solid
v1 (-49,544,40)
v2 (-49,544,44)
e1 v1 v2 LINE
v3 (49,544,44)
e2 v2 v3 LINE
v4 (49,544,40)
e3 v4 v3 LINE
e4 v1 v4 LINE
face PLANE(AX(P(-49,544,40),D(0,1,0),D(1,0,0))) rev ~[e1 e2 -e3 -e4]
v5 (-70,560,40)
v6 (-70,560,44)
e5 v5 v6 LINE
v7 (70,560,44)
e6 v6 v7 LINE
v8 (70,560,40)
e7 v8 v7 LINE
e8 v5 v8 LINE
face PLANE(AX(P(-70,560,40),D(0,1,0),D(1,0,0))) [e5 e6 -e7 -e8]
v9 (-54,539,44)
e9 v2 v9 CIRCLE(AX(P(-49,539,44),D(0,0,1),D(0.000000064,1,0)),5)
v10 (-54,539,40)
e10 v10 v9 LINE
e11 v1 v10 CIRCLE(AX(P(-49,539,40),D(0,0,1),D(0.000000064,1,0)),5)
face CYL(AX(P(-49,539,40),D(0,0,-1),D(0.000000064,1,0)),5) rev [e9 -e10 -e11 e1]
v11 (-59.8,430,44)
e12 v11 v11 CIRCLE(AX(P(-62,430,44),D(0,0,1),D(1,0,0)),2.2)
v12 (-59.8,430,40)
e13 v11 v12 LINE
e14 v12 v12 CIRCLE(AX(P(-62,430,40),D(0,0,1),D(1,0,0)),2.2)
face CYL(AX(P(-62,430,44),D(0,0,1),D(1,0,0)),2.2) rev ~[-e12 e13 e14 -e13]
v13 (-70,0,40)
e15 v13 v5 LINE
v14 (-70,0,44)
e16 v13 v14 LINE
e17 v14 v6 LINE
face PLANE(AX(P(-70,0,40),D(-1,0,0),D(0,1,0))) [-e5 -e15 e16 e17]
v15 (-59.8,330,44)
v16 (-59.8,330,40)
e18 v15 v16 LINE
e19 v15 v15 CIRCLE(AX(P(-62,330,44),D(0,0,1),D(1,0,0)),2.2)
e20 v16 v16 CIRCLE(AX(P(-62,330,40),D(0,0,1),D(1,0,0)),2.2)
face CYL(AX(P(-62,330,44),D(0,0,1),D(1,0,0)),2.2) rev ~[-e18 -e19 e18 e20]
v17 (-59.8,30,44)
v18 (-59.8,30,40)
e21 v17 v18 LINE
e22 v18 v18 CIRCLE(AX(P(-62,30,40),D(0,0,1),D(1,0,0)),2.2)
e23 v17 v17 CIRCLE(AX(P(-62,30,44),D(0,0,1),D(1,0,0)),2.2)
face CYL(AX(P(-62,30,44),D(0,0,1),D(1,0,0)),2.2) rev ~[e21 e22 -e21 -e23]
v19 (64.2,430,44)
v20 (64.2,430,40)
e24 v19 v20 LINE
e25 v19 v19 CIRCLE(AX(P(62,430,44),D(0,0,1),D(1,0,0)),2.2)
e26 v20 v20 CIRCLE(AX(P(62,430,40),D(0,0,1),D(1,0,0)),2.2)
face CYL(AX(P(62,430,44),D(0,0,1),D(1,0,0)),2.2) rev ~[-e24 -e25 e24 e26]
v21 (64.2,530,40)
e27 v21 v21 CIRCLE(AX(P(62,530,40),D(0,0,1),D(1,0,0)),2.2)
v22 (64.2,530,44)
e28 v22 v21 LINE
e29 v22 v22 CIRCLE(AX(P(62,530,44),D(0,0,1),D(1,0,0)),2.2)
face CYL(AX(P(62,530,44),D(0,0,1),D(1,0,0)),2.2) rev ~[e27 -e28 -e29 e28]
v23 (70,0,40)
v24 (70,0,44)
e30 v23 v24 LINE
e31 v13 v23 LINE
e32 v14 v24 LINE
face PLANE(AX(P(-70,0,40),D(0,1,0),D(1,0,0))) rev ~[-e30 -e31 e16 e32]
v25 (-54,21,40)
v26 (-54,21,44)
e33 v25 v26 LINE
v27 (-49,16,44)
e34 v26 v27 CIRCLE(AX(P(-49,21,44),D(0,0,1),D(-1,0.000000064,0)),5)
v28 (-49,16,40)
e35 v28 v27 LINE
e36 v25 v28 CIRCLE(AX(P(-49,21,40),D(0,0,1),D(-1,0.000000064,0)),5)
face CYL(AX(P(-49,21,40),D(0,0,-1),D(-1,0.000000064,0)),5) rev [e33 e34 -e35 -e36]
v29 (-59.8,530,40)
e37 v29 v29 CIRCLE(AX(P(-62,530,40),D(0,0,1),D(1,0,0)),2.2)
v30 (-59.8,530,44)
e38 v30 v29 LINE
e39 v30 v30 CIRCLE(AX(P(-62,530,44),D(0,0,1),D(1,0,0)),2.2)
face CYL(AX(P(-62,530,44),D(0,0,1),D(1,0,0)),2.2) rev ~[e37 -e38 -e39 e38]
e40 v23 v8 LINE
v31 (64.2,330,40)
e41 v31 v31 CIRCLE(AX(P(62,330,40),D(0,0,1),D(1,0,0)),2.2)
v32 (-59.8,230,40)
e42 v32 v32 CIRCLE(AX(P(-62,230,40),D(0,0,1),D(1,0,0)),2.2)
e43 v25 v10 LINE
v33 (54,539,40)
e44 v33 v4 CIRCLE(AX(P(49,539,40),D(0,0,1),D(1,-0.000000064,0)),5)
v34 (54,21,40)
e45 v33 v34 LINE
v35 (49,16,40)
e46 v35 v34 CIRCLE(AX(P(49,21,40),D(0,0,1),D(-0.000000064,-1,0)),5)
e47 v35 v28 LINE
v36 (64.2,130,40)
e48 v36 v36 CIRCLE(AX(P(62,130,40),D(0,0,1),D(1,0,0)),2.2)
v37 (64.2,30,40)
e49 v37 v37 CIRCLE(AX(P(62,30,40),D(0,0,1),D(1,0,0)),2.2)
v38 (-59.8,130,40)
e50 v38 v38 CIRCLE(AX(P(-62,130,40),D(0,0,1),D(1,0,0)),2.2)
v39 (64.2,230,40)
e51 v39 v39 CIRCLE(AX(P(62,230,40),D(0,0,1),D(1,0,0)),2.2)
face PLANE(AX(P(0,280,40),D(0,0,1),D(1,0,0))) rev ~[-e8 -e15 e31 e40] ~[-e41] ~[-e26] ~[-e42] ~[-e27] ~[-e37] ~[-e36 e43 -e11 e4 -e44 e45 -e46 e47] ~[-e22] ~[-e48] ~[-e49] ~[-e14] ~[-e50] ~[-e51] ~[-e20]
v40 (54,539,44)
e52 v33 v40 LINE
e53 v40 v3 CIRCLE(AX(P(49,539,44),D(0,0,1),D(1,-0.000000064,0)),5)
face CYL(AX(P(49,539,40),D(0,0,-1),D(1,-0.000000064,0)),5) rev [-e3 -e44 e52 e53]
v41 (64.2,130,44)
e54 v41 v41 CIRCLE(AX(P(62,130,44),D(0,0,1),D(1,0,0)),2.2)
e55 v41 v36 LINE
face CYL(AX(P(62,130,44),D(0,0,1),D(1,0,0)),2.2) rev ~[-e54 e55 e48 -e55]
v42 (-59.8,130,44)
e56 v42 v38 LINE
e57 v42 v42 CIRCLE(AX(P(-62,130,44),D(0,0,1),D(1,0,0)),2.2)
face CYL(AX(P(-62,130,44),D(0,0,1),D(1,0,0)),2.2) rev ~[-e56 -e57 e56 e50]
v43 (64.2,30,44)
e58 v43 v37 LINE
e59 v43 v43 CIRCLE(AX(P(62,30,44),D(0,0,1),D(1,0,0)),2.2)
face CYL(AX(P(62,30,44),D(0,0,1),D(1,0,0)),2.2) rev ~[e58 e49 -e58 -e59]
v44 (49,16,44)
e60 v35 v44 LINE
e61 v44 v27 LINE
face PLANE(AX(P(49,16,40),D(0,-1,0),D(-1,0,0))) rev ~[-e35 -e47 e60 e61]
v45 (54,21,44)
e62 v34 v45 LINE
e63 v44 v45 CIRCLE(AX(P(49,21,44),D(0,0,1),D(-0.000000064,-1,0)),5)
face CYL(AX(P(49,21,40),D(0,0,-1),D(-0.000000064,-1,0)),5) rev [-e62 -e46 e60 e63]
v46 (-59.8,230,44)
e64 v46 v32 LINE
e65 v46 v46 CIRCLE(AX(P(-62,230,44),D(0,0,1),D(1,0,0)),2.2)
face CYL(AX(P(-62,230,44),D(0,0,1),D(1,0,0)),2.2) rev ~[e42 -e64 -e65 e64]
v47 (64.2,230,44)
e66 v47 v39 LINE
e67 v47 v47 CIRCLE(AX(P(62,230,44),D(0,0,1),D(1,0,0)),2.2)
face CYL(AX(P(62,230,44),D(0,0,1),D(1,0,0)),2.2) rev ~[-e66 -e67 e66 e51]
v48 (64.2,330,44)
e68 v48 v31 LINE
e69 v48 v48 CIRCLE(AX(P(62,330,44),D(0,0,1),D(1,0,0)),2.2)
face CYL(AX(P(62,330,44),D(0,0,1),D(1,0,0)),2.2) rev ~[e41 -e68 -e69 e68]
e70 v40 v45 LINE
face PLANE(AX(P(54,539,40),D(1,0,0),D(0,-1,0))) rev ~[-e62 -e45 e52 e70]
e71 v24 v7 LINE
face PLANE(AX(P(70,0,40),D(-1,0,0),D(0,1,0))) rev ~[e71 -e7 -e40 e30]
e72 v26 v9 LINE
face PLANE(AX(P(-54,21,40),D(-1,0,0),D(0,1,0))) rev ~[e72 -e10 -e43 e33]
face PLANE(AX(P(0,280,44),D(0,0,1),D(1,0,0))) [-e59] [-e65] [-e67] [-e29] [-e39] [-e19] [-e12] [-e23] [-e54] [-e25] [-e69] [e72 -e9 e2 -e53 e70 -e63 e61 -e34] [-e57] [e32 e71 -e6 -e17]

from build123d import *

# Parameters (mm, degrees)
SKETCH002_W            = 140
SKETCH002_H            = 560
PAD001_DEPTH           = 4
SKETCH003_R            = 2.2
POCKET001_DEPTH        = 4.001
LINEARPATTERN001_COUNT = 6
LINEARPATTERN001_PITCH = 100


with BuildPart() as part:
    # Sketch002 → Pad001 (new body)
    with BuildSketch(Plane.XY):
        with Locations((0, 280)):
            Rectangle(SKETCH002_W, SKETCH002_H)
        with BuildLine():
            Line((-49, 544), (49, 544))
            ThreePointArc((54, 539), (52.535534, 542.535534), (49, 544))
            Line((54, 539), (54, 21))
            ThreePointArc((49, 16), (52.535534, 17.464466), (54, 21))
            Line((49, 16), (-49, 16))
            ThreePointArc((-54, 21), (-52.535534, 17.464466), (-49, 16))
            Line((-54, 21), (-54, 539))
            ThreePointArc((-49, 544), (-52.535534, 542.535534), (-54, 539))
        make_face(mode=Mode.SUBTRACT)
    extrude(amount=PAD001_DEPTH)

    # Sketch003 (on Face14 of Pad001) → Pocket001 (cut, through all)
    with BuildSketch(Plane.XY.offset(4)):
        with Locations((62, 30)):
            Circle(SKETCH003_R)
        with Locations((-62, 30)):
            Circle(SKETCH003_R)
    pocket001 = extrude(amount=-POCKET001_DEPTH, mode=Mode.SUBTRACT)

    # LinearPattern001: Pocket001 ×6
    with Locations(*[(0, i * LINEARPATTERN001_PITCH, 0) for i in range(1, LINEARPATTERN001_COUNT)]):
        add(pocket001, mode=Mode.SUBTRACT)


with BuildPart() as part_1:
    # Body001 placement: moved
    add(part.part.moved(Location((0, 0, 40))))


solid = part_1.part
